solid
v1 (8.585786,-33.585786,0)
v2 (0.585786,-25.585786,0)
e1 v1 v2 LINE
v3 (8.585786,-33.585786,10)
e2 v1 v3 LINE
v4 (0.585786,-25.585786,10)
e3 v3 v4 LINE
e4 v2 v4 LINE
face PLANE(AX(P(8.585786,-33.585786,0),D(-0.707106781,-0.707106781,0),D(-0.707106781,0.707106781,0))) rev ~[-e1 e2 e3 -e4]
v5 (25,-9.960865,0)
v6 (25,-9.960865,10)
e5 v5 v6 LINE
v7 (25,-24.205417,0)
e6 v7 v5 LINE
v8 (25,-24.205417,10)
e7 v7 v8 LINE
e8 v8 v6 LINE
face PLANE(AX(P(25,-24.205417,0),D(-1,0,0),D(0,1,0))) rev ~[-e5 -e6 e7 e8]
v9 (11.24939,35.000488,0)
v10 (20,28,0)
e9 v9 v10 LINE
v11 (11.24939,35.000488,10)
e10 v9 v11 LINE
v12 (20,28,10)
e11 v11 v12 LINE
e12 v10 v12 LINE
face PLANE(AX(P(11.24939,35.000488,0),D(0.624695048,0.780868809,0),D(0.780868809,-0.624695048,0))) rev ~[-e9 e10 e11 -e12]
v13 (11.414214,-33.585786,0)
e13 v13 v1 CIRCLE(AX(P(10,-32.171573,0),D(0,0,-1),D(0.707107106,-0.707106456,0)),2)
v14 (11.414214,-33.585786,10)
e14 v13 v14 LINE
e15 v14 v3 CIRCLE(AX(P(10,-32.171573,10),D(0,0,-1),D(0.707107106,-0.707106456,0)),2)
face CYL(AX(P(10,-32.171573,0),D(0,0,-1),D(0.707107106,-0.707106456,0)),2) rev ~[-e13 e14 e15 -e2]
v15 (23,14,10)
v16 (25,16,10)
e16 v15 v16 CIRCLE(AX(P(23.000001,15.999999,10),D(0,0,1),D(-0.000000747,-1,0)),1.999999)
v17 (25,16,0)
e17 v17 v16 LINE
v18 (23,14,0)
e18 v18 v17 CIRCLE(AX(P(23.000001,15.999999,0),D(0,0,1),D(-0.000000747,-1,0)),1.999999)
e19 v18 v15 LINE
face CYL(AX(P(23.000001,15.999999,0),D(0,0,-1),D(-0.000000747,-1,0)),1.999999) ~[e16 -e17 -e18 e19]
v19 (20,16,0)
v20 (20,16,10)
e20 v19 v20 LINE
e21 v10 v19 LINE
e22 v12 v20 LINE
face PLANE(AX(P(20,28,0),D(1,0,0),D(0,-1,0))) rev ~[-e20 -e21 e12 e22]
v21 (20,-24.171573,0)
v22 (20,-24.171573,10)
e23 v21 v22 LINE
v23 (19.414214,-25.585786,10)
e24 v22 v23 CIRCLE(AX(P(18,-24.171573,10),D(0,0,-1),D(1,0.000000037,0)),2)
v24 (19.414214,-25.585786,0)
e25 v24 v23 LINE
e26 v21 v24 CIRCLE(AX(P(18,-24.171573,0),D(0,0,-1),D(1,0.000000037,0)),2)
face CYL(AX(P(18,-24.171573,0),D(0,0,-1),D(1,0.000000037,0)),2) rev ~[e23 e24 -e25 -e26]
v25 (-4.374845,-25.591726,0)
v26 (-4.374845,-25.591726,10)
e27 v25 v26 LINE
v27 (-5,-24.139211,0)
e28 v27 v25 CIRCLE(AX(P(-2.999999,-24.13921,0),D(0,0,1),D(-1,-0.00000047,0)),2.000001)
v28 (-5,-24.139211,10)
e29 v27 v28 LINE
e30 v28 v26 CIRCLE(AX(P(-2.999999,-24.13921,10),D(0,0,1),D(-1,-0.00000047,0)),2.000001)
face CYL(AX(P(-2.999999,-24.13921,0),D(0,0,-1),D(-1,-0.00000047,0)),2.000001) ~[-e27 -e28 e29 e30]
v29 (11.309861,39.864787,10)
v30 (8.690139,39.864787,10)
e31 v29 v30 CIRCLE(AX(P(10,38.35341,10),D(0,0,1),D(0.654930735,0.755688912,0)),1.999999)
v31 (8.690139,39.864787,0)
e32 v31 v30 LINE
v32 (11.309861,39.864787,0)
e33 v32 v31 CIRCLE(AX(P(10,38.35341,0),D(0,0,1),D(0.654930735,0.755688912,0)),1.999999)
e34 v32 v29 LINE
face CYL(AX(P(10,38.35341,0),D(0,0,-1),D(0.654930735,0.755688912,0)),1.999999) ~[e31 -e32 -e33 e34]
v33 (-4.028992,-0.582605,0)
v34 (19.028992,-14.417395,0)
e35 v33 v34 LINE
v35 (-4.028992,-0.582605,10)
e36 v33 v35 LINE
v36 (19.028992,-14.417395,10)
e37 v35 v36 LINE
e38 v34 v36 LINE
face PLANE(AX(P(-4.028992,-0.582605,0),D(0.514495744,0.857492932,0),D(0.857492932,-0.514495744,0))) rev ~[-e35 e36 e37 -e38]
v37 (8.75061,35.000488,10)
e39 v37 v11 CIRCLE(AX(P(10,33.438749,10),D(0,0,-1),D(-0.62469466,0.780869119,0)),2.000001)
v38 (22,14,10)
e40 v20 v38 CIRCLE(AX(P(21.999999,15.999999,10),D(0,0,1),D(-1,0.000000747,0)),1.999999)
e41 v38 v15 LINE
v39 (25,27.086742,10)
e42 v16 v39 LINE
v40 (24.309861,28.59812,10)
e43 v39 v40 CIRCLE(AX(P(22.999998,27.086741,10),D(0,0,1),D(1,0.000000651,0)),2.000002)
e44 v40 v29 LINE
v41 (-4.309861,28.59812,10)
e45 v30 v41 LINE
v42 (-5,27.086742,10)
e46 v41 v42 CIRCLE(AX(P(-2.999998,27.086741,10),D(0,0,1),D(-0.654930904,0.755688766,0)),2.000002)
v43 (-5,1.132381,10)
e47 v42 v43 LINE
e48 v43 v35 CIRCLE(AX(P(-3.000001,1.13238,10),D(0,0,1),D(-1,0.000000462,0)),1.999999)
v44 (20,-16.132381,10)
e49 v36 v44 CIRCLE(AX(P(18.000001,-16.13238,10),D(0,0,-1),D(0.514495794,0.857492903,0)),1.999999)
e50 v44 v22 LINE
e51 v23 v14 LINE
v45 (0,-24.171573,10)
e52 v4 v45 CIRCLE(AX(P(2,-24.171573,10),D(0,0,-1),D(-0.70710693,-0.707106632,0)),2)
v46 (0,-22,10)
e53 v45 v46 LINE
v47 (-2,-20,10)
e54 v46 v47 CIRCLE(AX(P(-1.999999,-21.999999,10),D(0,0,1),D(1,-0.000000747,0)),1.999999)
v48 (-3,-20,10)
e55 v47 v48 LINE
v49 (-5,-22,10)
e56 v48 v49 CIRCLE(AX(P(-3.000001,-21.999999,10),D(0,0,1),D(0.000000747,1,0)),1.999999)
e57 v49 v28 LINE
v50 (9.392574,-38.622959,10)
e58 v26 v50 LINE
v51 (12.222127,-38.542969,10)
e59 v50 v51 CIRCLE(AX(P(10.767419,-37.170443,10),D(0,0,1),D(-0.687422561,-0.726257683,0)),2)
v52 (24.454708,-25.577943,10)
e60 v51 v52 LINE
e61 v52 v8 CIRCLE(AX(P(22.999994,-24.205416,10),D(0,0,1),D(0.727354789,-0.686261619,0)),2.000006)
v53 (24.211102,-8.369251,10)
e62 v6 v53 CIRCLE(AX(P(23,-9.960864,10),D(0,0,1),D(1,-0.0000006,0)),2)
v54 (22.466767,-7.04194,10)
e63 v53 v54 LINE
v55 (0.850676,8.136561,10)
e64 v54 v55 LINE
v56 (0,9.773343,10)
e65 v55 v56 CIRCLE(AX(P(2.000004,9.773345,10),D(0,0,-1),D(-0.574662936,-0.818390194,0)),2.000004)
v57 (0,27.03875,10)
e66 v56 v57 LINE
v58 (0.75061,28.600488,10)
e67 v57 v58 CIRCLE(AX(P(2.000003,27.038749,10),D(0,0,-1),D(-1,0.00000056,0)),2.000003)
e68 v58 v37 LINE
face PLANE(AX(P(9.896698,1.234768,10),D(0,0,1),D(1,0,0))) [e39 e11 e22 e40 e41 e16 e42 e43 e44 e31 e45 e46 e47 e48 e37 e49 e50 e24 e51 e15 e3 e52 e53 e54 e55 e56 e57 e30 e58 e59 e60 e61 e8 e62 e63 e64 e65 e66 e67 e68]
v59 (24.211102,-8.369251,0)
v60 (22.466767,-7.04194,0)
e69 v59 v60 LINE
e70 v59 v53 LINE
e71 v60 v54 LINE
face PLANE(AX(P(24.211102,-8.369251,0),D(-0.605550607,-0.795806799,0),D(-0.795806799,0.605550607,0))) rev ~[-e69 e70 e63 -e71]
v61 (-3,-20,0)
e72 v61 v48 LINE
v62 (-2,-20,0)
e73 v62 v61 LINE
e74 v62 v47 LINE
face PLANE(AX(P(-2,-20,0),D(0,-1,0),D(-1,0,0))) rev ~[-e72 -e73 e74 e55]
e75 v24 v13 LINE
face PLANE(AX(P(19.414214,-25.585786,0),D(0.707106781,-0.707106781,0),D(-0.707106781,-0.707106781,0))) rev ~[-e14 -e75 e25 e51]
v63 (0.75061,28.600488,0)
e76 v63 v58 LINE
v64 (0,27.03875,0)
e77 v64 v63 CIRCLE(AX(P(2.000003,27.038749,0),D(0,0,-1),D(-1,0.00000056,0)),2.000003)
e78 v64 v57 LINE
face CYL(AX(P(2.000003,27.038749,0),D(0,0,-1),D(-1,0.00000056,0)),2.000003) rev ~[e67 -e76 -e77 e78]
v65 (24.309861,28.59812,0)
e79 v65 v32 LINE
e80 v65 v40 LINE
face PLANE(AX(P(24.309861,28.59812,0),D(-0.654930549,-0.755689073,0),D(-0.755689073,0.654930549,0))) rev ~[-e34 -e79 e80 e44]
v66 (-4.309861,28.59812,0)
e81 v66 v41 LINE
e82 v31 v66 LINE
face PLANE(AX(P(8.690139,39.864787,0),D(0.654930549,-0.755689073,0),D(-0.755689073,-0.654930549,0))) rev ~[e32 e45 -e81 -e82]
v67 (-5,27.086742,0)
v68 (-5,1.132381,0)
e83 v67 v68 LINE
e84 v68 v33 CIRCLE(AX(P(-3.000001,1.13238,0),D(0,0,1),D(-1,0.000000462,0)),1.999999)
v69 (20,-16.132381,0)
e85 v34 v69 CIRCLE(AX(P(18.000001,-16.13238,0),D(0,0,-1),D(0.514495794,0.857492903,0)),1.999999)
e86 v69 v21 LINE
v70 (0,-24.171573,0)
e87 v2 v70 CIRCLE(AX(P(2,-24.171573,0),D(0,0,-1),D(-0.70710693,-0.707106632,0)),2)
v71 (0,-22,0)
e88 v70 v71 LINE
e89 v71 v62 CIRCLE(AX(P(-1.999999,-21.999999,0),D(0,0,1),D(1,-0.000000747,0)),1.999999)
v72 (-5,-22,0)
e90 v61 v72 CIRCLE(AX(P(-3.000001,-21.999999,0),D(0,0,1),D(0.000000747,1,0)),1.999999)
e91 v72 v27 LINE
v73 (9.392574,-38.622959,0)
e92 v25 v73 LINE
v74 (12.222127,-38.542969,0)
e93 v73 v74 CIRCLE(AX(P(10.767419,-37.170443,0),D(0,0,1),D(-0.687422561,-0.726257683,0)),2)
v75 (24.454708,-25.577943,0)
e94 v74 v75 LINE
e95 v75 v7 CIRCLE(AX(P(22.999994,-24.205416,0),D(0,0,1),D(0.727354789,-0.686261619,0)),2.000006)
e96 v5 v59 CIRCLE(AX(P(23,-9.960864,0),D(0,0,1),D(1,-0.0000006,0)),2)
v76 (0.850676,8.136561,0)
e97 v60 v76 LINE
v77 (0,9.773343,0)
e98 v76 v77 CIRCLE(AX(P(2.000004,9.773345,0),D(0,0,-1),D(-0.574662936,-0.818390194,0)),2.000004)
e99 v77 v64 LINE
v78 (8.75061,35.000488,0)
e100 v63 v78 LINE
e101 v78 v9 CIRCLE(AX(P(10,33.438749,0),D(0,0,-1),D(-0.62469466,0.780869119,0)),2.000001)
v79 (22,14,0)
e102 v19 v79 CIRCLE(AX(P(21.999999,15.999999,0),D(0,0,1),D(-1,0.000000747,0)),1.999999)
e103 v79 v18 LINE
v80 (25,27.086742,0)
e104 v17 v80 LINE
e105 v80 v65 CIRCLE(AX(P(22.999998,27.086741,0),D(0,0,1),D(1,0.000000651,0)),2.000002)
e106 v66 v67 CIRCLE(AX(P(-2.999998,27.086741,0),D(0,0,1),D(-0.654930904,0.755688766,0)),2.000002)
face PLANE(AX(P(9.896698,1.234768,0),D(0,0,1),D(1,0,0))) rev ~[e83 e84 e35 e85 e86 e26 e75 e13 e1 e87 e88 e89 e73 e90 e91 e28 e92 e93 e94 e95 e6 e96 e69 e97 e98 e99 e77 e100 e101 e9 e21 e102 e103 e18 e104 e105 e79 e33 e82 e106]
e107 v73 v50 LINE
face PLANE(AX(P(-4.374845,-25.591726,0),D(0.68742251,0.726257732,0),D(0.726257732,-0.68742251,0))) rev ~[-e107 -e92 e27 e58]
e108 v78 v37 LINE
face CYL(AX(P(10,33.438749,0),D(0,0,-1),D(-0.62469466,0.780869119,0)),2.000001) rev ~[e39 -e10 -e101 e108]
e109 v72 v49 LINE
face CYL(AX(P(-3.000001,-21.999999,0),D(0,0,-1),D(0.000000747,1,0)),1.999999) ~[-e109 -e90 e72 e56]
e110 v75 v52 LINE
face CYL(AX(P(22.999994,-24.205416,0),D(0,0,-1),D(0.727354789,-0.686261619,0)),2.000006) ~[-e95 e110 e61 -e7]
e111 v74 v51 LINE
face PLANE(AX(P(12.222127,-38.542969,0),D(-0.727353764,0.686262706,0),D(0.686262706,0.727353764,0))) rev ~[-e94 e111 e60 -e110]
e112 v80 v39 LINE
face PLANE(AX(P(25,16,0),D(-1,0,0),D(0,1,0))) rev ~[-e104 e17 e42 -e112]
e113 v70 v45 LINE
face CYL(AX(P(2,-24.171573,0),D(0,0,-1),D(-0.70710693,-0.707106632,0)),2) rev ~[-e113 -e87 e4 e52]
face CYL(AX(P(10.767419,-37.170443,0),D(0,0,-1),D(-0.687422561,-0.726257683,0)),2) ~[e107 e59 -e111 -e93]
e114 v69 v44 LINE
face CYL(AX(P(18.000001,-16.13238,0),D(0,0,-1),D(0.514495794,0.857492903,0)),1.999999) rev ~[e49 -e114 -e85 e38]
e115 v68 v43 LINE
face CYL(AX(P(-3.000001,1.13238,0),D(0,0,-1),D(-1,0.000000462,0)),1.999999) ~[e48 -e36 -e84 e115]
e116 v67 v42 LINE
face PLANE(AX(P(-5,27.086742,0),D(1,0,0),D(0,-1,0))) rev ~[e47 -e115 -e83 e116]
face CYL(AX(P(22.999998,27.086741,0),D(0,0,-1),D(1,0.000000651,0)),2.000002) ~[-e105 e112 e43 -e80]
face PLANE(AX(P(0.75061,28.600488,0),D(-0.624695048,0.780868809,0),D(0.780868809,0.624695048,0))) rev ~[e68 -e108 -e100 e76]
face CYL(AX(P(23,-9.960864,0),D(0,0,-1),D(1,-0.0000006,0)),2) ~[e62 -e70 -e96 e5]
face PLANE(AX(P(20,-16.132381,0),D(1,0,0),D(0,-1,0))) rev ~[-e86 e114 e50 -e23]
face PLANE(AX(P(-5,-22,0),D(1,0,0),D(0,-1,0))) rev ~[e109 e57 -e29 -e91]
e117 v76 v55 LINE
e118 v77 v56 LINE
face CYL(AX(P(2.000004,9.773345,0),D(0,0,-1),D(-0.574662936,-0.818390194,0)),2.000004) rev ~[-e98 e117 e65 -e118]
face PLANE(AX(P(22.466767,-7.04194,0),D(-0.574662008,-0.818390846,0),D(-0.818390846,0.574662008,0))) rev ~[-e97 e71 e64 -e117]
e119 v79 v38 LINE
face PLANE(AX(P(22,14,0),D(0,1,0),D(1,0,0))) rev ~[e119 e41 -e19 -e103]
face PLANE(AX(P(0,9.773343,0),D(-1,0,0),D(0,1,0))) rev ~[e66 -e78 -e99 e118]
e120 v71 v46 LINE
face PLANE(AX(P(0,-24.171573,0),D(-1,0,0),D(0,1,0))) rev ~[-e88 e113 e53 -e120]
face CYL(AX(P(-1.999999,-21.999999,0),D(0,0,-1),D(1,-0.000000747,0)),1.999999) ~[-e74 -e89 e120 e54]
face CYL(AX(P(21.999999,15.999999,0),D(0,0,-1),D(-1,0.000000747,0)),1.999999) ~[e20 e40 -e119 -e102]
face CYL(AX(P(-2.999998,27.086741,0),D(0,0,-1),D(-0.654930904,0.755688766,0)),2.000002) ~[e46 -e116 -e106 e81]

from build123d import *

# Parameters (mm, degrees)
F1_DEPTH = 10


with BuildPart() as f1:
    # F0 (on Top) → F1 (new body)
    with BuildSketch(Plane.XY):
        with BuildLine():
            ThreePointArc((0.850676, 8.136561), (0.225367, 8.851022), (0, 9.773343))
            Line((0, 9.773343), (0, 27.03875))
            ThreePointArc((0, 27.03875), (0.197394, 27.905128), (0.75061, 28.600488))
            Line((0.75061, 28.600488), (8.75061, 35.000488))
            ThreePointArc((8.75061, 35.000488), (10, 35.43875), (11.24939, 35.000488))
            Line((11.24939, 35.000488), (20, 28))
            Line((20, 28), (20, 16))
            ThreePointArc((20, 16), (20.585786, 14.585786), (22, 14))
            Line((22, 14), (23, 14))
            ThreePointArc((23, 14), (24.414214, 14.585786), (25, 16))
            Line((25, 16), (25, 27.086742))
            ThreePointArc((25, 27.086742), (24.819302, 27.917488), (24.309861, 28.59812))
            Line((24.309861, 28.59812), (11.309861, 39.864787))
            ThreePointArc((11.309861, 39.864787), (10, 40.353409), (8.690139, 39.864787))
            Line((8.690139, 39.864787), (-4.309861, 28.59812))
            ThreePointArc((-4.309861, 28.59812), (-4.819302, 27.917488), (-5, 27.086742))
            Line((-5, 27.086742), (-5, 1.132381))
            ThreePointArc((-5, 1.132381), (-4.7404, 0.146983), (-4.028992, -0.582605))
            Line((-4.028992, -0.582605), (19.028992, -14.417395))
            ThreePointArc((19.028992, -14.417395), (19.7404, -15.146983), (20, -16.132381))
            Line((20, -16.132381), (20, -24.171573))
            ThreePointArc((20, -24.171573), (19.847759, -24.93694), (19.414214, -25.585786))
            Line((19.414214, -25.585786), (11.414214, -33.585786))
            ThreePointArc((11.414214, -33.585786), (10, -34.171573), (8.585786, -33.585786))
            Line((8.585786, -33.585786), (0.585786, -25.585786))
            ThreePointArc((0.585786, -25.585786), (0.152241, -24.93694), (0, -24.171573))
            Line((0, -24.171573), (0, -22))
            ThreePointArc((0, -22), (-0.585786, -20.585786), (-2, -20))
            Line((-2, -20), (-3, -20))
            ThreePointArc((-3, -20), (-4.414214, -20.585786), (-5, -22))
            Line((-5, -22), (-5, -24.139211))
            ThreePointArc((-5, -24.139211), (-4.837075, -24.929878), (-4.374845, -25.591726))
            Line((-4.374845, -25.591726), (9.392574, -38.622959))
            ThreePointArc((9.392574, -38.622959), (10.823936, -39.169645), (12.222127, -38.542969))
            Line((12.222127, -38.542969), (24.454708, -25.577943))
            ThreePointArc((24.454708, -25.577943), (24.858684, -24.943857), (25, -24.205417))
            Line((25, -24.205417), (25, -9.960865))
            ThreePointArc((25, -9.960865), (24.791955, -9.072665), (24.211102, -8.369251))
            Line((24.211102, -8.369251), (22.466767, -7.04194))
            Line((22.466767, -7.04194), (0.850676, 8.136561))
        make_face()
    extrude(amount=F1_DEPTH)


solid = f1.part
